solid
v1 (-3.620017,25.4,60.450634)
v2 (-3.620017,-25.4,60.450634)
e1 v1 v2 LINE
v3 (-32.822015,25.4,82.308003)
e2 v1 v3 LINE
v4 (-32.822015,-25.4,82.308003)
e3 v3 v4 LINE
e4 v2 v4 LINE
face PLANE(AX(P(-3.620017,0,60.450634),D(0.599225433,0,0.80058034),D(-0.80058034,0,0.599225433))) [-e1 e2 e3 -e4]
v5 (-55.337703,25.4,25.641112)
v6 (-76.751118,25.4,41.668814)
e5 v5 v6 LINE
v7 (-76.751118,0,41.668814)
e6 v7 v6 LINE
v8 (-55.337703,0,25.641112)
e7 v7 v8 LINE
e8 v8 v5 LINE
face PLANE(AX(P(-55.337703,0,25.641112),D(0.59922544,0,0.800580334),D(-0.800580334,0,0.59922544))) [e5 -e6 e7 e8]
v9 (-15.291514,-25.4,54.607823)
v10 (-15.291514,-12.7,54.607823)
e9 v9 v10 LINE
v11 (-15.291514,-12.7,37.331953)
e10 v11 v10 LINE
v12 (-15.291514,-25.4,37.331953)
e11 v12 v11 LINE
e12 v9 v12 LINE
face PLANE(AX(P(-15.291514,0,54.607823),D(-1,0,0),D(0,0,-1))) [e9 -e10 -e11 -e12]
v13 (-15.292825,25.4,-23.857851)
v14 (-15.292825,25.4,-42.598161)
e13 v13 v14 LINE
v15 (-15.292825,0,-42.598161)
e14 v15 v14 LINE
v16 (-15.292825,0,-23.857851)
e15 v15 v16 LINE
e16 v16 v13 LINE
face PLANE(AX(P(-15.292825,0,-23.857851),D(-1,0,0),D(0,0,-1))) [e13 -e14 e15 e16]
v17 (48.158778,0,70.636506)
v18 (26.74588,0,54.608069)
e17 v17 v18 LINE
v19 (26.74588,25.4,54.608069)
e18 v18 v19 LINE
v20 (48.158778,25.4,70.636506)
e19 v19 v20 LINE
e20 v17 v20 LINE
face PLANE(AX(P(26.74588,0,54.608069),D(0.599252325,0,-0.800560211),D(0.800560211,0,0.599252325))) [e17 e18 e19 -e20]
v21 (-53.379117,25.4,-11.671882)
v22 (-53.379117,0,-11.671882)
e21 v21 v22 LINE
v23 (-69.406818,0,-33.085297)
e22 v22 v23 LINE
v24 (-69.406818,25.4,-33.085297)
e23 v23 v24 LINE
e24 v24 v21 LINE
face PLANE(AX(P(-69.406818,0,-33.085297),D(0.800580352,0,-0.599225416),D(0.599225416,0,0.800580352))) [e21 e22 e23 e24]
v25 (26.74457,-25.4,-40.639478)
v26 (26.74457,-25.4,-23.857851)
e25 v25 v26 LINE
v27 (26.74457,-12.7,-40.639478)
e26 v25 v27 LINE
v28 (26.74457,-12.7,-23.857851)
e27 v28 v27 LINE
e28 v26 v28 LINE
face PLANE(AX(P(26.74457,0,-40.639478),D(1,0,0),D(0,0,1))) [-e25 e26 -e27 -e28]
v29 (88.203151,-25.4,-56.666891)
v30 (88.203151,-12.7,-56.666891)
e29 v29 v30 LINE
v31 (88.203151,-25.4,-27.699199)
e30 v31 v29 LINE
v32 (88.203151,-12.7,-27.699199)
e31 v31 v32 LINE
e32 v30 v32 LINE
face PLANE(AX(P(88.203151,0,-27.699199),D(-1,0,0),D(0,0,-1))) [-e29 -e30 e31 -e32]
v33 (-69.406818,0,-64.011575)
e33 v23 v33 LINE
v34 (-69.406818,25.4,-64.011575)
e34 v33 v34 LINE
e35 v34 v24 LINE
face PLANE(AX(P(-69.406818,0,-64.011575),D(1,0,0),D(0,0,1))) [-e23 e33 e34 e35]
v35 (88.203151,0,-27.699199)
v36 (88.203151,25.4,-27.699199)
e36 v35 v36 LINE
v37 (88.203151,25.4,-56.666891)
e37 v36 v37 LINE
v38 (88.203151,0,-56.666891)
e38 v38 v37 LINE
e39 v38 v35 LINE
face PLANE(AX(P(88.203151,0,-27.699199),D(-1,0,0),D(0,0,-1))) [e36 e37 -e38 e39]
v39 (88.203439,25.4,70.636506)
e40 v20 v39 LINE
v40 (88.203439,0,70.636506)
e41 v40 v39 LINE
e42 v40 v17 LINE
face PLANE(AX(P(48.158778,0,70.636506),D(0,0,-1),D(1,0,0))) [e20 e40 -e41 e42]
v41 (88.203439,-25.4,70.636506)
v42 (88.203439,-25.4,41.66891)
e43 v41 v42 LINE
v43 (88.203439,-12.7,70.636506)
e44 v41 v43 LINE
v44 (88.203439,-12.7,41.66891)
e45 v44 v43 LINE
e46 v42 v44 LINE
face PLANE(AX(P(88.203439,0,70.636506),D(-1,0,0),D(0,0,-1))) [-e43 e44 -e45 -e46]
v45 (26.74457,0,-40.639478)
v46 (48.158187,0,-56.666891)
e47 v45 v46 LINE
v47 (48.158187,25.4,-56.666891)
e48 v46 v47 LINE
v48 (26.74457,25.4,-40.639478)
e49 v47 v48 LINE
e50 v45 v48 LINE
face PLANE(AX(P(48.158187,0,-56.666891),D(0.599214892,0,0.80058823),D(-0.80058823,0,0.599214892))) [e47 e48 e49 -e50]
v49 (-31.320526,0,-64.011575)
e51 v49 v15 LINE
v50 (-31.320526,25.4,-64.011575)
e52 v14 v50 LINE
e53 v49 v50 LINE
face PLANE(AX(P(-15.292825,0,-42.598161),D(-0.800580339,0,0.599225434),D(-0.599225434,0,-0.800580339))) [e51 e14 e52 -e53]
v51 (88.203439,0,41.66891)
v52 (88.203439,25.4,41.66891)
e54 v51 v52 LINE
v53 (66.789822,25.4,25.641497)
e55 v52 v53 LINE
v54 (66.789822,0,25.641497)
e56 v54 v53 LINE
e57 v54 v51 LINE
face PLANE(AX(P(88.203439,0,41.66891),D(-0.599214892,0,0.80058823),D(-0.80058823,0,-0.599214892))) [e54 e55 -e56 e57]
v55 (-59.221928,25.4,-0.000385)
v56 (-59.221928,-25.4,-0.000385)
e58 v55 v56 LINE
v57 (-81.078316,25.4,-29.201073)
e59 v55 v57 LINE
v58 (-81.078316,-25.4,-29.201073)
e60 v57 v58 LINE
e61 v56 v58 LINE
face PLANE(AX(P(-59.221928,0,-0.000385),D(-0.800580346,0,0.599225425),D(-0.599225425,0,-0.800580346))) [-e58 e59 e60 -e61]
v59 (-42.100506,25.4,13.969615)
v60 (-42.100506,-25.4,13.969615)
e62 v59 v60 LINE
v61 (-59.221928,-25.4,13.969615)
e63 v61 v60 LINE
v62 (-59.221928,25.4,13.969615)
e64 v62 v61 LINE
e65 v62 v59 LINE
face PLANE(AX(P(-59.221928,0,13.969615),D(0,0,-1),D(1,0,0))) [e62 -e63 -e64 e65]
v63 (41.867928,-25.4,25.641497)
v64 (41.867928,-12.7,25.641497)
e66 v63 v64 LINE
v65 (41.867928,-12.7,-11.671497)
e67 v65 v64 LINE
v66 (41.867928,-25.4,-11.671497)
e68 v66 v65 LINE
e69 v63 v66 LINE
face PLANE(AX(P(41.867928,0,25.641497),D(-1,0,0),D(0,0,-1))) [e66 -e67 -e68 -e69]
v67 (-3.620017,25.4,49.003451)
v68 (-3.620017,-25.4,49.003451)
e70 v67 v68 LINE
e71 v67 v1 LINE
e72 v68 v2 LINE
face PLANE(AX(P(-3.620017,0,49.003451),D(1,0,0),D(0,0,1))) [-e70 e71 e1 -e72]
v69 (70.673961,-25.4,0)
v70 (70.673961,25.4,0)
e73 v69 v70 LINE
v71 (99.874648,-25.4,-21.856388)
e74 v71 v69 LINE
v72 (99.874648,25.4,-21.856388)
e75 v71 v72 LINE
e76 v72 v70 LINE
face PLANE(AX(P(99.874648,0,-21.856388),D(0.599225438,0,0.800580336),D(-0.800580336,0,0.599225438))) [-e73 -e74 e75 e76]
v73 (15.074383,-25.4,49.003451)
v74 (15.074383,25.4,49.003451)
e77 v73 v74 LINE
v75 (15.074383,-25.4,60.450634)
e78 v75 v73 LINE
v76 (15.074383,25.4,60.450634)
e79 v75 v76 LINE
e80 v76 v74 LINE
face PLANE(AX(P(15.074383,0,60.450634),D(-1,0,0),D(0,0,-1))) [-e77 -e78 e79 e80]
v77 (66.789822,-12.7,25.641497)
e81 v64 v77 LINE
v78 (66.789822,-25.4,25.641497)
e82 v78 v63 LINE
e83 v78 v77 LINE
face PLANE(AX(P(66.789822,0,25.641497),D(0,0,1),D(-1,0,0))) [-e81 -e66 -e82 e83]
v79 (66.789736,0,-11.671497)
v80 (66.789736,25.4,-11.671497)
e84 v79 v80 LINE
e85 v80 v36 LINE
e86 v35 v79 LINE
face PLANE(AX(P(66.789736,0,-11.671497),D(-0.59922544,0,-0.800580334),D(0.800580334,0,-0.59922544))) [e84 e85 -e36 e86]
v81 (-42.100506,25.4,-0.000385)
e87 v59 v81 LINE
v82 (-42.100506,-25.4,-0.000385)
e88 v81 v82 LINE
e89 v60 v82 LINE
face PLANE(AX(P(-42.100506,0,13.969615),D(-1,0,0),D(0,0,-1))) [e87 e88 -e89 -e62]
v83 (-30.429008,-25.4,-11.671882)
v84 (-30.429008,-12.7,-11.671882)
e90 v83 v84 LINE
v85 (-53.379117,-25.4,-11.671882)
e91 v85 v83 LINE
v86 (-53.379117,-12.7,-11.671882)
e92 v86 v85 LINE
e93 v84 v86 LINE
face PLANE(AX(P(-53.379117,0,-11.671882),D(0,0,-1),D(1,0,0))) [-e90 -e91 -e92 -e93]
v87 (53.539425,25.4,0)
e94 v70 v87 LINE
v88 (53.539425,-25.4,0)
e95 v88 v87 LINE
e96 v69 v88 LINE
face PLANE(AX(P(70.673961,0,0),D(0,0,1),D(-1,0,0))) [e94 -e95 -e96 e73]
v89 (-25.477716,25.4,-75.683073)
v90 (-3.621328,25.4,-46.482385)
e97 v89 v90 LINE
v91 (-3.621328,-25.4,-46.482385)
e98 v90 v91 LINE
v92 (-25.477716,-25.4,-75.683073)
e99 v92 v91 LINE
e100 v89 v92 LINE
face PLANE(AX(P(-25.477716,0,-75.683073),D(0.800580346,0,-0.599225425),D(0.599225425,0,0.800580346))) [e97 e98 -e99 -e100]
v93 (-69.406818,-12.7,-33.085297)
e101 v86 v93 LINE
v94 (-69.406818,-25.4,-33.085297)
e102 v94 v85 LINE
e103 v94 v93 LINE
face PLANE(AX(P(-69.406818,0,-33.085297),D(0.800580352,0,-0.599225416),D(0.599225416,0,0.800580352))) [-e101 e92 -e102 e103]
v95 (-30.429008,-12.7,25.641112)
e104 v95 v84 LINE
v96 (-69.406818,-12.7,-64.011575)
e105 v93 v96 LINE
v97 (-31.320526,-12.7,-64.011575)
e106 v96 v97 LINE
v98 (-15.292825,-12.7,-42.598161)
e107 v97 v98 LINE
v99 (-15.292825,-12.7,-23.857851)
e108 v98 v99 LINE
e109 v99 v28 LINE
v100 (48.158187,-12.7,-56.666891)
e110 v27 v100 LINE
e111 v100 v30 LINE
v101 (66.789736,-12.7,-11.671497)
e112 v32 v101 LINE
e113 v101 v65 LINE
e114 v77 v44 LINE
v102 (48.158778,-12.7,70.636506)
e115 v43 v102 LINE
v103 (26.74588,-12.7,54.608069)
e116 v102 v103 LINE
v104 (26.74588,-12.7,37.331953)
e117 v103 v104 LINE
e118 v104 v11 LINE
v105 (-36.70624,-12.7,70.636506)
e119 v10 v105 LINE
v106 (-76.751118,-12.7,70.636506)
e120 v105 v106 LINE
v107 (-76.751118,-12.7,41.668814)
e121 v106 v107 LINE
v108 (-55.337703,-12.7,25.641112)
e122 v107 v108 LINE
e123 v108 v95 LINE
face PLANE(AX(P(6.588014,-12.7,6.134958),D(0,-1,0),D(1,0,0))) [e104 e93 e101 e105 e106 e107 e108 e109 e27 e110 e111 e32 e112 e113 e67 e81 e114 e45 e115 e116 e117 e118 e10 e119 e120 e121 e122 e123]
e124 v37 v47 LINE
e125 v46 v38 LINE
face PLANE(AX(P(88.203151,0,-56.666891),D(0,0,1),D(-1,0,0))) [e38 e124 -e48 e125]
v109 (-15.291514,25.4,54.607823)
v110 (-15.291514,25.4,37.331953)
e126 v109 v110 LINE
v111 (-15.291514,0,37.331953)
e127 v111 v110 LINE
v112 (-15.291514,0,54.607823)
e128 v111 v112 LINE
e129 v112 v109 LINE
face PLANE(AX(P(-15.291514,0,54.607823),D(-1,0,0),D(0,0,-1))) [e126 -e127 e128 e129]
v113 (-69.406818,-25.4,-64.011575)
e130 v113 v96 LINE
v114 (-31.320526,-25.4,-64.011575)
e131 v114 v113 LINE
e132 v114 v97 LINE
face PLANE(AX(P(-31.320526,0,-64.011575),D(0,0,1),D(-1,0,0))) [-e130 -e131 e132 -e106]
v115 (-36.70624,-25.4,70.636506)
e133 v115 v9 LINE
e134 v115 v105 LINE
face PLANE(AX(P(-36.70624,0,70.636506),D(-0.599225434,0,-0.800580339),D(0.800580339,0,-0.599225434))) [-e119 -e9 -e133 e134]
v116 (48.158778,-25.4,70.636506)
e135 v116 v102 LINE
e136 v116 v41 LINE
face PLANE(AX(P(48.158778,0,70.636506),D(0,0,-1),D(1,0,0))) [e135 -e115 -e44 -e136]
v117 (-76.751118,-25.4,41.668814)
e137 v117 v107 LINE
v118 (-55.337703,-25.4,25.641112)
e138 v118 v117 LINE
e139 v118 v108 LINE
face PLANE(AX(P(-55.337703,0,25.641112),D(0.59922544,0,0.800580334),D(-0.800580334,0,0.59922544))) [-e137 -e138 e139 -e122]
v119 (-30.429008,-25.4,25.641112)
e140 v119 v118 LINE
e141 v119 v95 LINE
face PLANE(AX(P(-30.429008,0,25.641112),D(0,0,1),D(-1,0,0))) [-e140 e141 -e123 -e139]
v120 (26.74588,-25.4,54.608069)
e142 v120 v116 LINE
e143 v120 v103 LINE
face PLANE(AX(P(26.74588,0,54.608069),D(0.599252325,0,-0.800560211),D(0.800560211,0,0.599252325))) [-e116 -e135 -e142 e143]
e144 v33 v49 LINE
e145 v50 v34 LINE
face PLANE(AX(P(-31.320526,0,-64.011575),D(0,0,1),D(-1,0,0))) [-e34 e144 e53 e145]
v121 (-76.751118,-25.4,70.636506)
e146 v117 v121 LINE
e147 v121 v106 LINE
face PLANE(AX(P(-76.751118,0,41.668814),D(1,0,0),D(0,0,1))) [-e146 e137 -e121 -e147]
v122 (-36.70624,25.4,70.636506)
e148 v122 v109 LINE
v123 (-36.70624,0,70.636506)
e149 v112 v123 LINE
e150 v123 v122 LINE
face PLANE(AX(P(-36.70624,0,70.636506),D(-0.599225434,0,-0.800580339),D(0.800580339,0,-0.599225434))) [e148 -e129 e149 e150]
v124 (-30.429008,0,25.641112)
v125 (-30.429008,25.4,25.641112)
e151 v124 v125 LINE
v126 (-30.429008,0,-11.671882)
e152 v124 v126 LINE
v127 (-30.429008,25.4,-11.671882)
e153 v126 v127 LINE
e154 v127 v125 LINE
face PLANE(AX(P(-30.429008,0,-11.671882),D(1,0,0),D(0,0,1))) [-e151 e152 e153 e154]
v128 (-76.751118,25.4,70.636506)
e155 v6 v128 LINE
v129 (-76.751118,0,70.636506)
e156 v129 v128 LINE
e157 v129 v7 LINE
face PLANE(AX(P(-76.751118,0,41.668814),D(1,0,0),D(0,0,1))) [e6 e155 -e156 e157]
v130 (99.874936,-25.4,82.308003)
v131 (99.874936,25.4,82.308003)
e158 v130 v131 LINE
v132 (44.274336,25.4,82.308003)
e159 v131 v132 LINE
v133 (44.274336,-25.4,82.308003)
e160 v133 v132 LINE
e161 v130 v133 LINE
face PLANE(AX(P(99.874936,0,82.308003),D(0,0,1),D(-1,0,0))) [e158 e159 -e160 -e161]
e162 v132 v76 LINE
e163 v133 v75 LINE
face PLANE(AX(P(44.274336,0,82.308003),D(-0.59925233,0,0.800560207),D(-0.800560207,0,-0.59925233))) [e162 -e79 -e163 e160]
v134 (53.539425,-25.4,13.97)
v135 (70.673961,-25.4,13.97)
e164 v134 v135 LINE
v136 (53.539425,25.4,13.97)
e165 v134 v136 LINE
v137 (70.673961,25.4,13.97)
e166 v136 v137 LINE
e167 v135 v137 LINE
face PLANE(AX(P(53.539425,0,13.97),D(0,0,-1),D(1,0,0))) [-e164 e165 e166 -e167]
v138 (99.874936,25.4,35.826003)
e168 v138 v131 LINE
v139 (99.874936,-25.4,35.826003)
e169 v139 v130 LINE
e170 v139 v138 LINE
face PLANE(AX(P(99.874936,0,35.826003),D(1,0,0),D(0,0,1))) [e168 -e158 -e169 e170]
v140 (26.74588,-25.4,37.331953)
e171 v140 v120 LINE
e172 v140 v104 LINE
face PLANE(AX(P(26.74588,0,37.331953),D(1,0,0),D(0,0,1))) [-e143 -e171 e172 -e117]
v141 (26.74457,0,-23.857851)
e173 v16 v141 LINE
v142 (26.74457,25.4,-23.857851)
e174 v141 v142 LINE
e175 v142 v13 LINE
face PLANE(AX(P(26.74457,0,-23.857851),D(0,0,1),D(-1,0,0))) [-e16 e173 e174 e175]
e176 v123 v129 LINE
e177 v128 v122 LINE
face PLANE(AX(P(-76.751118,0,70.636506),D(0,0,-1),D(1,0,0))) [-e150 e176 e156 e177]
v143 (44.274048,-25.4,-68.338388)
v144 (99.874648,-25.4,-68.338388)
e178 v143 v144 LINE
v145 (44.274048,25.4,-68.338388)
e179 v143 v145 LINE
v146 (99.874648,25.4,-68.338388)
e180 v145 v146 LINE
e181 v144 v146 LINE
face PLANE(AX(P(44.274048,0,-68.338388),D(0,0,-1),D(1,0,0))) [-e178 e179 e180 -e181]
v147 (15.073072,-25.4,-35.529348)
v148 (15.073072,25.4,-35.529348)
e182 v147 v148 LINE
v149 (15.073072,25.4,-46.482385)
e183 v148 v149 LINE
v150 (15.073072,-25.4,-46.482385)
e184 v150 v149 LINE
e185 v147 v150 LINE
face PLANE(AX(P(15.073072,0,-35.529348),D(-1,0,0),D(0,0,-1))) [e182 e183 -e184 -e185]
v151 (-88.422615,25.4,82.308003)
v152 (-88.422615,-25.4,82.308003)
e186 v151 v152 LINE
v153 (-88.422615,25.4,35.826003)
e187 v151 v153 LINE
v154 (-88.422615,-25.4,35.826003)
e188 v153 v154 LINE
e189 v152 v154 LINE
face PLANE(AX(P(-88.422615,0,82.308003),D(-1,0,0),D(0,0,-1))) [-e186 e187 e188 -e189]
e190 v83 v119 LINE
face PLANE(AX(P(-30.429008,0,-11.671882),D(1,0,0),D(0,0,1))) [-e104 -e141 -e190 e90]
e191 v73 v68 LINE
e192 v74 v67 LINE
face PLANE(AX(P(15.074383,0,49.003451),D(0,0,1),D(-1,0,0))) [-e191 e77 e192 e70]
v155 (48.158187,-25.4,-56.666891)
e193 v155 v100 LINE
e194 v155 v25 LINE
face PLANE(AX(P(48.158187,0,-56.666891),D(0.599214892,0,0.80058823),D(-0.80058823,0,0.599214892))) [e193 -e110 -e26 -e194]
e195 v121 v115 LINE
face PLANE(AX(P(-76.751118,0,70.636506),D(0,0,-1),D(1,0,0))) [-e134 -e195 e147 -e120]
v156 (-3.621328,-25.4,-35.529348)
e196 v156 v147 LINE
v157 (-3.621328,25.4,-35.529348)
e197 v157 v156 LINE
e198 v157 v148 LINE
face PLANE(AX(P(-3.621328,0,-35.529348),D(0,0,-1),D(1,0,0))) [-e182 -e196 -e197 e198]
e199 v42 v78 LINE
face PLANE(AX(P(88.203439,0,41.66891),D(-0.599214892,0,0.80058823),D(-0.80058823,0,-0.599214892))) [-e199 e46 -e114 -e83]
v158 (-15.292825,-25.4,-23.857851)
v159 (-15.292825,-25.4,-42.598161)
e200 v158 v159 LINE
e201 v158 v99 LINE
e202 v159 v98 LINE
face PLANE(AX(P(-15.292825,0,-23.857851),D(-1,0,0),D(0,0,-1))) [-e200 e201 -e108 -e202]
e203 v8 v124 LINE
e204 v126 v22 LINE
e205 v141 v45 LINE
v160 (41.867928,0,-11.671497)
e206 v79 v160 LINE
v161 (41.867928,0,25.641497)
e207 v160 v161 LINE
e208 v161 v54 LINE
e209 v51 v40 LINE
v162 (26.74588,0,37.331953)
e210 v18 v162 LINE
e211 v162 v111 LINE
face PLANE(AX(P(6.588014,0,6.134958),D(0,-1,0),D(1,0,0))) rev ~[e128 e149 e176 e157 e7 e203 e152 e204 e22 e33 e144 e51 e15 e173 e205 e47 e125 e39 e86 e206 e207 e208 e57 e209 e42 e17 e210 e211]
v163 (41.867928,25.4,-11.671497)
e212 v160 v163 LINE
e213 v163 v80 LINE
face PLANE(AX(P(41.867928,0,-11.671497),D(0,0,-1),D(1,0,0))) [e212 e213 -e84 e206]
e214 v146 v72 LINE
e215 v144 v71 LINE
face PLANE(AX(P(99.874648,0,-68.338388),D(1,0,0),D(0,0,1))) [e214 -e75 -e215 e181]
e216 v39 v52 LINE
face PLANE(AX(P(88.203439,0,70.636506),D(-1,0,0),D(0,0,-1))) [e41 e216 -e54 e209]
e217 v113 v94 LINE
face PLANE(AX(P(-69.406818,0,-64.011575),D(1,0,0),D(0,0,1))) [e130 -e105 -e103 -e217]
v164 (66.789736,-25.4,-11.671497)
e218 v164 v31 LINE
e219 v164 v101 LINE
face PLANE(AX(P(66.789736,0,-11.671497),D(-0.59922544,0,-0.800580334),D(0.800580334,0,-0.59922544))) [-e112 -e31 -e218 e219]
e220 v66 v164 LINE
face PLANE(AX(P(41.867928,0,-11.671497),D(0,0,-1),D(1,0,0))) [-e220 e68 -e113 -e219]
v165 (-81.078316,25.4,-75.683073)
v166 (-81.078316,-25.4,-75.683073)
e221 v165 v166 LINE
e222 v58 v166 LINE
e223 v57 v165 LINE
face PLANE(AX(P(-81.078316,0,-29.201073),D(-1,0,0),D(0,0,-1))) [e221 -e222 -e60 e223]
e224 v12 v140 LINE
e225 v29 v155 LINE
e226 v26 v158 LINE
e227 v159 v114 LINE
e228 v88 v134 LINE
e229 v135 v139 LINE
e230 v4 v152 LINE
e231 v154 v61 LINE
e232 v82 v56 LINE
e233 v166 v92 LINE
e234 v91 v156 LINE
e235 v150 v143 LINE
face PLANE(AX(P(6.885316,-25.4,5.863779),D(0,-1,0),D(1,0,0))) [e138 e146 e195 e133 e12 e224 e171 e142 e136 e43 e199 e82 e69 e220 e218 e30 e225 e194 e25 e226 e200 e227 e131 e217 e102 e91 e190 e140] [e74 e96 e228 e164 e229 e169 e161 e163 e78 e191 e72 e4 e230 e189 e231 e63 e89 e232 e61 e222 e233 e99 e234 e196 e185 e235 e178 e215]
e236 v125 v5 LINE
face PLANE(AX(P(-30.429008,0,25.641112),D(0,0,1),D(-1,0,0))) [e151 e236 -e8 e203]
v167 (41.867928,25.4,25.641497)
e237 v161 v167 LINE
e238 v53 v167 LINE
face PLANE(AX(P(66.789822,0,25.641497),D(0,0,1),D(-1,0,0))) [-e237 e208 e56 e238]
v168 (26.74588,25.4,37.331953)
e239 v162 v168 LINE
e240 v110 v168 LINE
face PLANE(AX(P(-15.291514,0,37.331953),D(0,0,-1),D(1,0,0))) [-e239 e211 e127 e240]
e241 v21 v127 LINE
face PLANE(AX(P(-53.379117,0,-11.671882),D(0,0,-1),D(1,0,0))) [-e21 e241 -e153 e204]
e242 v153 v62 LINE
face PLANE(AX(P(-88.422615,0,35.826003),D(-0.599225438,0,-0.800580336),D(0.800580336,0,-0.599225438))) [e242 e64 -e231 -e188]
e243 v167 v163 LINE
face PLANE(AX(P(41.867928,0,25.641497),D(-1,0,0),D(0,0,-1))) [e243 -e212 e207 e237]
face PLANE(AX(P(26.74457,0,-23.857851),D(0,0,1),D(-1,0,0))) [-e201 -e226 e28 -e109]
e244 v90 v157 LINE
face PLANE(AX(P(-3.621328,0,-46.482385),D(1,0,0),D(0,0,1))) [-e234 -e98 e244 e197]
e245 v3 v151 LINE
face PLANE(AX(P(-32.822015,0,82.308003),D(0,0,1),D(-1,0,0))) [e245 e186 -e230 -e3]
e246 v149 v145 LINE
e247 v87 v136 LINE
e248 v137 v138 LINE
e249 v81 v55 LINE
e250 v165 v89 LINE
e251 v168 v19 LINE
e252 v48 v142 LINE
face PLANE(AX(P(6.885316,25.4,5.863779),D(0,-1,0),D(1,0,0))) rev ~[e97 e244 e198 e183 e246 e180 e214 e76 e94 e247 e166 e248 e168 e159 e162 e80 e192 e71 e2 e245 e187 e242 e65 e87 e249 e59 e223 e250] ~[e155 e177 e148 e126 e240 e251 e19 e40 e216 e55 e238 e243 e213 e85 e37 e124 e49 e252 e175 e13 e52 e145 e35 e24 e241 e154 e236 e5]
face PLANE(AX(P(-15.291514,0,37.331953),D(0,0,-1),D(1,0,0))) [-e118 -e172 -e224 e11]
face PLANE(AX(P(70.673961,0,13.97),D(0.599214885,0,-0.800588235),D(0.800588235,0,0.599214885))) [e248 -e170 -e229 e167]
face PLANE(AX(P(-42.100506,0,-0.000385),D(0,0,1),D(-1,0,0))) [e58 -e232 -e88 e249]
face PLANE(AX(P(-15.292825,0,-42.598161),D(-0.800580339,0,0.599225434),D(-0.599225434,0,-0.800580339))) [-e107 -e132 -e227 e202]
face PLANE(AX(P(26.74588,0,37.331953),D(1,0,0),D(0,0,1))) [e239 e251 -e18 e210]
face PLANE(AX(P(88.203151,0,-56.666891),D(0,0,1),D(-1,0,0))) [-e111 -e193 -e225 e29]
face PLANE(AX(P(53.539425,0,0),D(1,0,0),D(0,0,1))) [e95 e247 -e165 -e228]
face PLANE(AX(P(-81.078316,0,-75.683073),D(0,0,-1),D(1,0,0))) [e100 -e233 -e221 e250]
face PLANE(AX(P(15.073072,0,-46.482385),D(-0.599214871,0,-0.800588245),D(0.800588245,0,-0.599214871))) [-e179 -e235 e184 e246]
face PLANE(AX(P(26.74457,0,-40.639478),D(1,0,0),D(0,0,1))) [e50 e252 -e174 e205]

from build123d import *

# Parameters (mm, degrees)
F1_DEPTH = 12.7
F2_DEPTH = 25.4


with BuildPart() as f1:
    # F0 (on Front) → F1 (new body)
    with BuildSketch(Plane.XZ):
        Polygon((-30.429008, 25.641112), (-30.429008, -11.671882), (-53.379117, -11.671882), (-69.406818, -33.085297), (-69.406818, -64.011575), (-31.320526, -64.011575), (-15.292825, -42.598161), (-15.292825, -23.857851), (26.74457, -23.857851), (26.74457, -40.639478), (48.158187, -56.666891), (88.203151, -56.666891), (88.203151, -27.699199), (66.789736, -11.671497), (41.867928, -11.671497), (41.867928, 25.641497), (66.789822, 25.641497), (88.203439, 41.66891), (88.203439, 70.636506), (48.158778, 70.636506), (26.74588, 54.608069), (26.74588, 37.331953), (-15.291514, 37.331953), (-15.291514, 54.607823), (-36.70624, 70.636506), (-76.751118, 70.636506), (-76.751118, 41.668814), (-55.337703, 25.641112), align=None)
    extrude(amount=F1_DEPTH)

    # F0 (on Front) → F2 (join, symmetric)
    with BuildSketch(Plane.XZ):
        Polygon((15.074383, 49.003451), (-3.620017, 49.003451), (-3.620017, 60.450634), (-32.822015, 82.308003), (-88.422615, 82.308003), (-88.422615, 35.826003), (-59.221928, 13.969615), (-42.100506, 13.969615), (-42.100506, -0.000385), (-59.221928, -0.000385), (-81.078316, -29.201073), (-81.078316, -75.683073), (-25.477716, -75.683073), (-3.621328, -46.482385), (-3.621328, -35.529348), (15.073072, -35.529348), (15.073072, -46.482385), (44.274048, -68.338388), (99.874648, -68.338388), (99.874648, -21.856388), (70.673961, 0), (53.539425, 0), (53.539425, 13.97), (70.673961, 13.97), (99.874936, 35.826003), (99.874936, 82.308003), (44.274336, 82.308003), (15.074383, 60.450634), align=None)
        Polygon((-53.379117, -11.671882), (-30.429008, -11.671882), (-30.429008, 25.641112), (-55.337703, 25.641112), (-76.751118, 41.668814), (-76.751118, 70.636506), (-36.70624, 70.636506), (-15.291514, 54.607823), (-15.291514, 37.331953), (26.74588, 37.331953), (26.74588, 54.608069), (48.158778, 70.636506), (88.203439, 70.636506), (88.203439, 41.66891), (66.789822, 25.641497), (41.867928, 25.641497), (41.867928, -11.671497), (66.789736, -11.671497), (88.203151, -27.699199), (88.203151, -56.666891), (48.158187, -56.666891), (26.74457, -40.639478), (26.74457, -23.857851), (-15.292825, -23.857851), (-15.292825, -42.598161), (-31.320526, -64.011575), (-69.406818, -64.011575), (-69.406818, -33.085297), align=None, mode=Mode.SUBTRACT)
    extrude(amount=F2_DEPTH, both=True)


solid = f1.part
